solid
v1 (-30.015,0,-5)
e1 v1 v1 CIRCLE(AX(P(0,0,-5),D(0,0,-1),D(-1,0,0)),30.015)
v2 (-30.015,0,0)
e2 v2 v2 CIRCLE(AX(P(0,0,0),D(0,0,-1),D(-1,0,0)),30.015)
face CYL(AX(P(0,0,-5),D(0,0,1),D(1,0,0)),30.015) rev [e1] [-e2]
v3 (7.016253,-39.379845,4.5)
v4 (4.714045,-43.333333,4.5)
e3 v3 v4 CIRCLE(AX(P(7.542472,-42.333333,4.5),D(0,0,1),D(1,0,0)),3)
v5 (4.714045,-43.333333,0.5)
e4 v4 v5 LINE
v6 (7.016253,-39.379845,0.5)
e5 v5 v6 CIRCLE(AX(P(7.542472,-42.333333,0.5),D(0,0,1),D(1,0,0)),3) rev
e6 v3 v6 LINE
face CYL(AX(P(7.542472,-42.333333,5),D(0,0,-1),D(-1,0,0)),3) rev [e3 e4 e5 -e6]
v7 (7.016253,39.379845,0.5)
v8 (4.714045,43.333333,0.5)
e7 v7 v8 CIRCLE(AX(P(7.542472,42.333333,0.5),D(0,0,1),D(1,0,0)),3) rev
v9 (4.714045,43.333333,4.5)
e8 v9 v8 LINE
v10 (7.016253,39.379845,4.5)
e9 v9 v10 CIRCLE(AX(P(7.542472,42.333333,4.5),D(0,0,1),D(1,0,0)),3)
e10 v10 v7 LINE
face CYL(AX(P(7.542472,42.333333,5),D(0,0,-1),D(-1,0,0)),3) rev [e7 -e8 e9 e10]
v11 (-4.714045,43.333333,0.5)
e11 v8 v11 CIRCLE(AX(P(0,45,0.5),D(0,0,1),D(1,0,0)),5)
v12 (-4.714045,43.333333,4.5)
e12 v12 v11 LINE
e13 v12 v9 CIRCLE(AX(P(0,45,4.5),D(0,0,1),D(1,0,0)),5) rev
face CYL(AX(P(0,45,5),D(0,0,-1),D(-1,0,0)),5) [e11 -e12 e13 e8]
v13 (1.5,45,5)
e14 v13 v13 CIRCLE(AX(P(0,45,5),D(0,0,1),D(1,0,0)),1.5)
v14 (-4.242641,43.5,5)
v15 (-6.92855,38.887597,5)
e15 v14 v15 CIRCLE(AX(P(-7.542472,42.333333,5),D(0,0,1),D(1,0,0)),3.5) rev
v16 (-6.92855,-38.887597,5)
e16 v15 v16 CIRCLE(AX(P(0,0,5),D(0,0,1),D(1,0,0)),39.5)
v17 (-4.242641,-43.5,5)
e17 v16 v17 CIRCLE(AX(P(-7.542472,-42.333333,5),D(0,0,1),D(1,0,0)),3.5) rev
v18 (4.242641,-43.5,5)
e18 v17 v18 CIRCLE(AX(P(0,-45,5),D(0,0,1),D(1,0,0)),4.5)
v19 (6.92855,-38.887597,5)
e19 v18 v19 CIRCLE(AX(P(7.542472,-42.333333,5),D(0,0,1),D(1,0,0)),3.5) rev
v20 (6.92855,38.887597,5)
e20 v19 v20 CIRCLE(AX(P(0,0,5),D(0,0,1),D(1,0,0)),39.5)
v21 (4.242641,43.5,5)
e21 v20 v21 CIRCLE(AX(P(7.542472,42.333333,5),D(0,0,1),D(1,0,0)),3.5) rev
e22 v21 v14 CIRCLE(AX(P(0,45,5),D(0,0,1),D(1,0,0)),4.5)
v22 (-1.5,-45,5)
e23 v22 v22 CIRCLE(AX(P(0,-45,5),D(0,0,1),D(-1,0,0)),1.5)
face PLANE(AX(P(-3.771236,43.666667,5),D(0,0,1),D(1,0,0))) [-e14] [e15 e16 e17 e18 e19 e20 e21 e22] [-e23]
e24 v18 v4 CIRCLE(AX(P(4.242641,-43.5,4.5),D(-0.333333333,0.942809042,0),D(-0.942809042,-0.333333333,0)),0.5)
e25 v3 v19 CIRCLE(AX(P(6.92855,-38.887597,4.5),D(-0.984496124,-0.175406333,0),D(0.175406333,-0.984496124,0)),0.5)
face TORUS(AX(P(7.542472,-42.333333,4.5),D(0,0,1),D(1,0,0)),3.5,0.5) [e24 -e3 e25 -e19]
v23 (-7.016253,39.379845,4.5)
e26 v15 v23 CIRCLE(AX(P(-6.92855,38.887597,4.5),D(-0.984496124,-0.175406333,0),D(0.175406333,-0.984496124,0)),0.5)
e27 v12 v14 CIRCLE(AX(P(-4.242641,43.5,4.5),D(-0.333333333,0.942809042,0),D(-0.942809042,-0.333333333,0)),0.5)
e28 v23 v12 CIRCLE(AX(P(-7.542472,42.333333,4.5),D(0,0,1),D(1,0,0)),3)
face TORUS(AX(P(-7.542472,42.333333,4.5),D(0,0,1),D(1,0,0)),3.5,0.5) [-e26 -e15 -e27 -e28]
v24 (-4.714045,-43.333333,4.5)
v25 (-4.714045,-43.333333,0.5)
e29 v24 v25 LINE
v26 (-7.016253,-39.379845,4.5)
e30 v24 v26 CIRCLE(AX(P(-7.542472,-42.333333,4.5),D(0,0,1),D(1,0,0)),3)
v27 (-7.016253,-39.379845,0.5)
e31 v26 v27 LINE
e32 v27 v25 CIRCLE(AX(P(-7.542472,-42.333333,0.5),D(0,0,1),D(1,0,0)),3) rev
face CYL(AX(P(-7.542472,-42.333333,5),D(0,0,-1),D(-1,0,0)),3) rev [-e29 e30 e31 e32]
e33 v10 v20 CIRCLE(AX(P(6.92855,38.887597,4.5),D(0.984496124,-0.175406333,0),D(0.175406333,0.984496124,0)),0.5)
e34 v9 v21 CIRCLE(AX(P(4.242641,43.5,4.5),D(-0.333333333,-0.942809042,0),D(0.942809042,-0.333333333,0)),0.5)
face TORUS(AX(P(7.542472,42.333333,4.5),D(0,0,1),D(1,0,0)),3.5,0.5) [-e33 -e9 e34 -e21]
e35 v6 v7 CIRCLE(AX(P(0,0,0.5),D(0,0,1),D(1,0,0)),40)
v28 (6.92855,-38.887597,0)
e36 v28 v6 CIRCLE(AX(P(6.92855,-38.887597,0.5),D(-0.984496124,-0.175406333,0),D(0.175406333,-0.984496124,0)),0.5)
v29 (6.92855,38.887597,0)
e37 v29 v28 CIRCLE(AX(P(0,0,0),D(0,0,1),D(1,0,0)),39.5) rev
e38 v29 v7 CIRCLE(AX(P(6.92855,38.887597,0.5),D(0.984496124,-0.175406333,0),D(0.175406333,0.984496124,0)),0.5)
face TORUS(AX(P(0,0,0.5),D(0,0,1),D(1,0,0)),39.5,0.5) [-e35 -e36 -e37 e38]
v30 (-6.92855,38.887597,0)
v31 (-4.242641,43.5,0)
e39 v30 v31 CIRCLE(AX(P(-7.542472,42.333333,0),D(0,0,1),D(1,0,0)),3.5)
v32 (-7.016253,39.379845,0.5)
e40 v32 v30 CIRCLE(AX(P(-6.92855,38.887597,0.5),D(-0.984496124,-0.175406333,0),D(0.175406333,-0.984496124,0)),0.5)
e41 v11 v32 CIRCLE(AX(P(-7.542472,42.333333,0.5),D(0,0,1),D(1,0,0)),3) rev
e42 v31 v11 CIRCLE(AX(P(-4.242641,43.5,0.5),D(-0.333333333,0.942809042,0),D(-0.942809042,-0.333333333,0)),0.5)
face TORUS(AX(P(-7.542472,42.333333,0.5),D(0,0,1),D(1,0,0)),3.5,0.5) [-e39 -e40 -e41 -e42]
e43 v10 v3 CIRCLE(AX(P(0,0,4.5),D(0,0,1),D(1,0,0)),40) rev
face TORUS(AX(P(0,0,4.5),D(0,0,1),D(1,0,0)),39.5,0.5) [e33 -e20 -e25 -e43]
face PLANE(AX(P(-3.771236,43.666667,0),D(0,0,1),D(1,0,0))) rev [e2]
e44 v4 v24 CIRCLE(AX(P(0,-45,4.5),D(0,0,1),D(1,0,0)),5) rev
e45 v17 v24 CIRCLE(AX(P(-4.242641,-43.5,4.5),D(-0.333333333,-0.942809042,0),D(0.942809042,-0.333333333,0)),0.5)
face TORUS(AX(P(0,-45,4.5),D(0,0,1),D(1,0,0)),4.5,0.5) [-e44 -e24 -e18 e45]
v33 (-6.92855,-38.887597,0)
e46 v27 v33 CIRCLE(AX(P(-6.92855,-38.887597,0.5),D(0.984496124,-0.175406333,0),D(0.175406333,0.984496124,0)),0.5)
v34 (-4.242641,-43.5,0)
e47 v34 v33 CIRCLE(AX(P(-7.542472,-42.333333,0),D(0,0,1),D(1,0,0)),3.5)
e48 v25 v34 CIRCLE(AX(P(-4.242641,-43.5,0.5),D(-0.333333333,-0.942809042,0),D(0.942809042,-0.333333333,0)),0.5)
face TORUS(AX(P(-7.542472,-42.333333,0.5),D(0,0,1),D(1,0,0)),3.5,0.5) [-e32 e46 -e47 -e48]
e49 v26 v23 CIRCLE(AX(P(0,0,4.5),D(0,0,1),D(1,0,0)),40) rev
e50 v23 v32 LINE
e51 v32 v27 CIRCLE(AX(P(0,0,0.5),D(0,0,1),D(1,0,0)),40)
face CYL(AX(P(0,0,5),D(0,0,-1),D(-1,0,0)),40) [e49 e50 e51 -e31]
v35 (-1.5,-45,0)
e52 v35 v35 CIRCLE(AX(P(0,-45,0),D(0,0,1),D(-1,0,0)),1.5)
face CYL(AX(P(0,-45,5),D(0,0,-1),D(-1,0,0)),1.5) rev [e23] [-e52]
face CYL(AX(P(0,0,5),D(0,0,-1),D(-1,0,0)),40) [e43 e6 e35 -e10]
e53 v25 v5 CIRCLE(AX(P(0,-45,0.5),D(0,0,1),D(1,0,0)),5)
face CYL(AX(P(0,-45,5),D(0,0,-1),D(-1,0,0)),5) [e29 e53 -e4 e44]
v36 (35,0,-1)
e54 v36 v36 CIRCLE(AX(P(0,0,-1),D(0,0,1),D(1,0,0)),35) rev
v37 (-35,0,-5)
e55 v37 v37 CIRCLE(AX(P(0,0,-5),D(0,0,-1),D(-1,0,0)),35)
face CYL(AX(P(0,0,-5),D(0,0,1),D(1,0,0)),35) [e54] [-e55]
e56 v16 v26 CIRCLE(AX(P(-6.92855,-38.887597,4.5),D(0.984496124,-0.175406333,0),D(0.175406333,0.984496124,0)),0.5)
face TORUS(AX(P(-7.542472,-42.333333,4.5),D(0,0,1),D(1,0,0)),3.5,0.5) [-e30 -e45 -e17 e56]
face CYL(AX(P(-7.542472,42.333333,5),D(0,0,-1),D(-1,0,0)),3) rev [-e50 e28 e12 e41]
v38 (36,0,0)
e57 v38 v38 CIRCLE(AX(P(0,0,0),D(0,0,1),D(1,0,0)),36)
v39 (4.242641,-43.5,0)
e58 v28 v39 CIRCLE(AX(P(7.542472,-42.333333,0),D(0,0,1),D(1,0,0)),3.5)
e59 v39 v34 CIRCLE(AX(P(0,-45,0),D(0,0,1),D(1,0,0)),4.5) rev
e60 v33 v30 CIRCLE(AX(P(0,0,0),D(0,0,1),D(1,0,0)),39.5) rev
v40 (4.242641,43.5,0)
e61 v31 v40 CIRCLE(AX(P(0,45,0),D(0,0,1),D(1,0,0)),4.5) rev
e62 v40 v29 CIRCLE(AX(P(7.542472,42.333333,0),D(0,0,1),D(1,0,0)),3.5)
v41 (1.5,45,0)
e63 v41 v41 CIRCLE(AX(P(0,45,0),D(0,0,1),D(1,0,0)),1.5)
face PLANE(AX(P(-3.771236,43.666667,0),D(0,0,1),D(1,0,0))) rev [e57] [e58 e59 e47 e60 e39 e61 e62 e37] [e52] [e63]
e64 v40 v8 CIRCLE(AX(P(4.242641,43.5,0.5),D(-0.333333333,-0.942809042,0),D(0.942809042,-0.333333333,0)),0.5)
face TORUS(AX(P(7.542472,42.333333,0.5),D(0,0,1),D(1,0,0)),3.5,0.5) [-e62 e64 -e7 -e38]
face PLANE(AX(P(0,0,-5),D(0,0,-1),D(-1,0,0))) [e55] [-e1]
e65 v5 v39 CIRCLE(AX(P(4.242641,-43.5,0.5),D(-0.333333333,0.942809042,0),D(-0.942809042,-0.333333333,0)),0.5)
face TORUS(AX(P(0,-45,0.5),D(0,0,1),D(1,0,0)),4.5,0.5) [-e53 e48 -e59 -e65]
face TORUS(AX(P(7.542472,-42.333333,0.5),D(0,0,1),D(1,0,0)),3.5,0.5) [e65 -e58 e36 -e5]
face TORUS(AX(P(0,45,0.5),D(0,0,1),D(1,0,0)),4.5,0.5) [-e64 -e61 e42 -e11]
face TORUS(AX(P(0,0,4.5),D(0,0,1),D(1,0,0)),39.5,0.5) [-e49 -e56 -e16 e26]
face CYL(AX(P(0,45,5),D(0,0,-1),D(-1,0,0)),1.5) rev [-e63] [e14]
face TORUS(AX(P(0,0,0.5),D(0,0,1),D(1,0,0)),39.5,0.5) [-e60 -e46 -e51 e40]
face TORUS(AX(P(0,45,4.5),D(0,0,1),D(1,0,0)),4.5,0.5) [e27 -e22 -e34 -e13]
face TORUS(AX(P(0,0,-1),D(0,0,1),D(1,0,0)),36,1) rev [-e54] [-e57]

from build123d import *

# Parameters (mm, degrees)
ESQUISSE1_R        = 1.5
BOSS_EXTRU_1_DEPTH = 5
ESQUISSE2_R        = 35
ESQUISSE2_R_2      = 30.015
BOSS_EXTRU_2_DEPTH = 5
CONG_1_R           = 0.5
CONG_2_R           = 1


with BuildPart() as part:
    # Esquisse1 → Boss.-Extru.1 (new body)
    with BuildSketch(Plane.XY):
        with BuildLine():
            ThreePointArc((-7.016253333, 39.379844961), (-40, 0), (-7.016253333, -39.379844961))
            ThreePointArc((-7.016253333, -39.379844961), (-4.949996637, -40.823674508), (-4.714045208, -43.333333333))
            ThreePointArc((-4.714045208, -43.333333333), (0, -50), (4.714045208, -43.333333333))
            ThreePointArc((4.714045208, -43.333333333), (4.949996637, -40.823674508), (7.016253333, -39.379844961))
            ThreePointArc((7.016253333, -39.379844961), (40, 0), (7.016253333, 39.379844961))
            ThreePointArc((7.016253333, 39.379844961), (4.949996637, 40.823674508), (4.714045208, 43.333333333))
            ThreePointArc((4.714045208, 43.333333333), (0, 50), (-4.714045208, 43.333333333))
            ThreePointArc((-4.714045208, 43.333333333), (-4.949996637, 40.823674508), (-7.016253333, 39.379844961))
        make_face()
        with Locations((0, 45)):
            Circle(ESQUISSE1_R, mode=Mode.SUBTRACT)
        with Locations(Location((0, -45, 0), (0, 0, 180))):
            Circle(ESQUISSE1_R, mode=Mode.SUBTRACT)
    extrude(amount=BOSS_EXTRU_1_DEPTH)

    # Esquisse2 → Boss.-Extru.2 (add)
    with BuildSketch(Plane(origin=(0, 0, 0), x_dir=(-1, 0, 0), z_dir=(0, 0, -1))):
        with Locations(Location((0, 0, 0), (0, 0, 180))):
            Circle(ESQUISSE2_R)
        Circle(ESQUISSE2_R_2, mode=Mode.SUBTRACT)
    extrude(amount=BOSS_EXTRU_2_DEPTH)

    # Congé1
    cong_1_edges = [part.edges().sort_by_distance(p)[0] for p in [
        (0, -50, 0),
        (-4.949996637, -40.823674508, 0),
        (-40, 0, 0),
        (-4.949996637, 40.823674508, 0),
        (-4.949996637, -40.823674508, 5),
        (0, -50, 5),
        (4.949996637, -40.823674508, 5),
        (40, 0, 5),
        (4.949996637, 40.823674508, 5),
        (0, 50, 5),
        (-4.949996637, 40.823674508, 5),
        (0, 50, 0),
        (-40, 0, 5),
        (4.949996637, 40.823674508, 0),
        (40, 0, 0),
        (4.949996637, -40.823674508, 0),
    ]]
    fillet(cong_1_edges, radius=CONG_1_R)

    # Congé2
    cong_2_edges = [part.edges().sort_by_distance(p)[0] for p in [
        (-35, 0, 0),
    ]]
    fillet(cong_2_edges, radius=CONG_2_R)


solid = part.part
